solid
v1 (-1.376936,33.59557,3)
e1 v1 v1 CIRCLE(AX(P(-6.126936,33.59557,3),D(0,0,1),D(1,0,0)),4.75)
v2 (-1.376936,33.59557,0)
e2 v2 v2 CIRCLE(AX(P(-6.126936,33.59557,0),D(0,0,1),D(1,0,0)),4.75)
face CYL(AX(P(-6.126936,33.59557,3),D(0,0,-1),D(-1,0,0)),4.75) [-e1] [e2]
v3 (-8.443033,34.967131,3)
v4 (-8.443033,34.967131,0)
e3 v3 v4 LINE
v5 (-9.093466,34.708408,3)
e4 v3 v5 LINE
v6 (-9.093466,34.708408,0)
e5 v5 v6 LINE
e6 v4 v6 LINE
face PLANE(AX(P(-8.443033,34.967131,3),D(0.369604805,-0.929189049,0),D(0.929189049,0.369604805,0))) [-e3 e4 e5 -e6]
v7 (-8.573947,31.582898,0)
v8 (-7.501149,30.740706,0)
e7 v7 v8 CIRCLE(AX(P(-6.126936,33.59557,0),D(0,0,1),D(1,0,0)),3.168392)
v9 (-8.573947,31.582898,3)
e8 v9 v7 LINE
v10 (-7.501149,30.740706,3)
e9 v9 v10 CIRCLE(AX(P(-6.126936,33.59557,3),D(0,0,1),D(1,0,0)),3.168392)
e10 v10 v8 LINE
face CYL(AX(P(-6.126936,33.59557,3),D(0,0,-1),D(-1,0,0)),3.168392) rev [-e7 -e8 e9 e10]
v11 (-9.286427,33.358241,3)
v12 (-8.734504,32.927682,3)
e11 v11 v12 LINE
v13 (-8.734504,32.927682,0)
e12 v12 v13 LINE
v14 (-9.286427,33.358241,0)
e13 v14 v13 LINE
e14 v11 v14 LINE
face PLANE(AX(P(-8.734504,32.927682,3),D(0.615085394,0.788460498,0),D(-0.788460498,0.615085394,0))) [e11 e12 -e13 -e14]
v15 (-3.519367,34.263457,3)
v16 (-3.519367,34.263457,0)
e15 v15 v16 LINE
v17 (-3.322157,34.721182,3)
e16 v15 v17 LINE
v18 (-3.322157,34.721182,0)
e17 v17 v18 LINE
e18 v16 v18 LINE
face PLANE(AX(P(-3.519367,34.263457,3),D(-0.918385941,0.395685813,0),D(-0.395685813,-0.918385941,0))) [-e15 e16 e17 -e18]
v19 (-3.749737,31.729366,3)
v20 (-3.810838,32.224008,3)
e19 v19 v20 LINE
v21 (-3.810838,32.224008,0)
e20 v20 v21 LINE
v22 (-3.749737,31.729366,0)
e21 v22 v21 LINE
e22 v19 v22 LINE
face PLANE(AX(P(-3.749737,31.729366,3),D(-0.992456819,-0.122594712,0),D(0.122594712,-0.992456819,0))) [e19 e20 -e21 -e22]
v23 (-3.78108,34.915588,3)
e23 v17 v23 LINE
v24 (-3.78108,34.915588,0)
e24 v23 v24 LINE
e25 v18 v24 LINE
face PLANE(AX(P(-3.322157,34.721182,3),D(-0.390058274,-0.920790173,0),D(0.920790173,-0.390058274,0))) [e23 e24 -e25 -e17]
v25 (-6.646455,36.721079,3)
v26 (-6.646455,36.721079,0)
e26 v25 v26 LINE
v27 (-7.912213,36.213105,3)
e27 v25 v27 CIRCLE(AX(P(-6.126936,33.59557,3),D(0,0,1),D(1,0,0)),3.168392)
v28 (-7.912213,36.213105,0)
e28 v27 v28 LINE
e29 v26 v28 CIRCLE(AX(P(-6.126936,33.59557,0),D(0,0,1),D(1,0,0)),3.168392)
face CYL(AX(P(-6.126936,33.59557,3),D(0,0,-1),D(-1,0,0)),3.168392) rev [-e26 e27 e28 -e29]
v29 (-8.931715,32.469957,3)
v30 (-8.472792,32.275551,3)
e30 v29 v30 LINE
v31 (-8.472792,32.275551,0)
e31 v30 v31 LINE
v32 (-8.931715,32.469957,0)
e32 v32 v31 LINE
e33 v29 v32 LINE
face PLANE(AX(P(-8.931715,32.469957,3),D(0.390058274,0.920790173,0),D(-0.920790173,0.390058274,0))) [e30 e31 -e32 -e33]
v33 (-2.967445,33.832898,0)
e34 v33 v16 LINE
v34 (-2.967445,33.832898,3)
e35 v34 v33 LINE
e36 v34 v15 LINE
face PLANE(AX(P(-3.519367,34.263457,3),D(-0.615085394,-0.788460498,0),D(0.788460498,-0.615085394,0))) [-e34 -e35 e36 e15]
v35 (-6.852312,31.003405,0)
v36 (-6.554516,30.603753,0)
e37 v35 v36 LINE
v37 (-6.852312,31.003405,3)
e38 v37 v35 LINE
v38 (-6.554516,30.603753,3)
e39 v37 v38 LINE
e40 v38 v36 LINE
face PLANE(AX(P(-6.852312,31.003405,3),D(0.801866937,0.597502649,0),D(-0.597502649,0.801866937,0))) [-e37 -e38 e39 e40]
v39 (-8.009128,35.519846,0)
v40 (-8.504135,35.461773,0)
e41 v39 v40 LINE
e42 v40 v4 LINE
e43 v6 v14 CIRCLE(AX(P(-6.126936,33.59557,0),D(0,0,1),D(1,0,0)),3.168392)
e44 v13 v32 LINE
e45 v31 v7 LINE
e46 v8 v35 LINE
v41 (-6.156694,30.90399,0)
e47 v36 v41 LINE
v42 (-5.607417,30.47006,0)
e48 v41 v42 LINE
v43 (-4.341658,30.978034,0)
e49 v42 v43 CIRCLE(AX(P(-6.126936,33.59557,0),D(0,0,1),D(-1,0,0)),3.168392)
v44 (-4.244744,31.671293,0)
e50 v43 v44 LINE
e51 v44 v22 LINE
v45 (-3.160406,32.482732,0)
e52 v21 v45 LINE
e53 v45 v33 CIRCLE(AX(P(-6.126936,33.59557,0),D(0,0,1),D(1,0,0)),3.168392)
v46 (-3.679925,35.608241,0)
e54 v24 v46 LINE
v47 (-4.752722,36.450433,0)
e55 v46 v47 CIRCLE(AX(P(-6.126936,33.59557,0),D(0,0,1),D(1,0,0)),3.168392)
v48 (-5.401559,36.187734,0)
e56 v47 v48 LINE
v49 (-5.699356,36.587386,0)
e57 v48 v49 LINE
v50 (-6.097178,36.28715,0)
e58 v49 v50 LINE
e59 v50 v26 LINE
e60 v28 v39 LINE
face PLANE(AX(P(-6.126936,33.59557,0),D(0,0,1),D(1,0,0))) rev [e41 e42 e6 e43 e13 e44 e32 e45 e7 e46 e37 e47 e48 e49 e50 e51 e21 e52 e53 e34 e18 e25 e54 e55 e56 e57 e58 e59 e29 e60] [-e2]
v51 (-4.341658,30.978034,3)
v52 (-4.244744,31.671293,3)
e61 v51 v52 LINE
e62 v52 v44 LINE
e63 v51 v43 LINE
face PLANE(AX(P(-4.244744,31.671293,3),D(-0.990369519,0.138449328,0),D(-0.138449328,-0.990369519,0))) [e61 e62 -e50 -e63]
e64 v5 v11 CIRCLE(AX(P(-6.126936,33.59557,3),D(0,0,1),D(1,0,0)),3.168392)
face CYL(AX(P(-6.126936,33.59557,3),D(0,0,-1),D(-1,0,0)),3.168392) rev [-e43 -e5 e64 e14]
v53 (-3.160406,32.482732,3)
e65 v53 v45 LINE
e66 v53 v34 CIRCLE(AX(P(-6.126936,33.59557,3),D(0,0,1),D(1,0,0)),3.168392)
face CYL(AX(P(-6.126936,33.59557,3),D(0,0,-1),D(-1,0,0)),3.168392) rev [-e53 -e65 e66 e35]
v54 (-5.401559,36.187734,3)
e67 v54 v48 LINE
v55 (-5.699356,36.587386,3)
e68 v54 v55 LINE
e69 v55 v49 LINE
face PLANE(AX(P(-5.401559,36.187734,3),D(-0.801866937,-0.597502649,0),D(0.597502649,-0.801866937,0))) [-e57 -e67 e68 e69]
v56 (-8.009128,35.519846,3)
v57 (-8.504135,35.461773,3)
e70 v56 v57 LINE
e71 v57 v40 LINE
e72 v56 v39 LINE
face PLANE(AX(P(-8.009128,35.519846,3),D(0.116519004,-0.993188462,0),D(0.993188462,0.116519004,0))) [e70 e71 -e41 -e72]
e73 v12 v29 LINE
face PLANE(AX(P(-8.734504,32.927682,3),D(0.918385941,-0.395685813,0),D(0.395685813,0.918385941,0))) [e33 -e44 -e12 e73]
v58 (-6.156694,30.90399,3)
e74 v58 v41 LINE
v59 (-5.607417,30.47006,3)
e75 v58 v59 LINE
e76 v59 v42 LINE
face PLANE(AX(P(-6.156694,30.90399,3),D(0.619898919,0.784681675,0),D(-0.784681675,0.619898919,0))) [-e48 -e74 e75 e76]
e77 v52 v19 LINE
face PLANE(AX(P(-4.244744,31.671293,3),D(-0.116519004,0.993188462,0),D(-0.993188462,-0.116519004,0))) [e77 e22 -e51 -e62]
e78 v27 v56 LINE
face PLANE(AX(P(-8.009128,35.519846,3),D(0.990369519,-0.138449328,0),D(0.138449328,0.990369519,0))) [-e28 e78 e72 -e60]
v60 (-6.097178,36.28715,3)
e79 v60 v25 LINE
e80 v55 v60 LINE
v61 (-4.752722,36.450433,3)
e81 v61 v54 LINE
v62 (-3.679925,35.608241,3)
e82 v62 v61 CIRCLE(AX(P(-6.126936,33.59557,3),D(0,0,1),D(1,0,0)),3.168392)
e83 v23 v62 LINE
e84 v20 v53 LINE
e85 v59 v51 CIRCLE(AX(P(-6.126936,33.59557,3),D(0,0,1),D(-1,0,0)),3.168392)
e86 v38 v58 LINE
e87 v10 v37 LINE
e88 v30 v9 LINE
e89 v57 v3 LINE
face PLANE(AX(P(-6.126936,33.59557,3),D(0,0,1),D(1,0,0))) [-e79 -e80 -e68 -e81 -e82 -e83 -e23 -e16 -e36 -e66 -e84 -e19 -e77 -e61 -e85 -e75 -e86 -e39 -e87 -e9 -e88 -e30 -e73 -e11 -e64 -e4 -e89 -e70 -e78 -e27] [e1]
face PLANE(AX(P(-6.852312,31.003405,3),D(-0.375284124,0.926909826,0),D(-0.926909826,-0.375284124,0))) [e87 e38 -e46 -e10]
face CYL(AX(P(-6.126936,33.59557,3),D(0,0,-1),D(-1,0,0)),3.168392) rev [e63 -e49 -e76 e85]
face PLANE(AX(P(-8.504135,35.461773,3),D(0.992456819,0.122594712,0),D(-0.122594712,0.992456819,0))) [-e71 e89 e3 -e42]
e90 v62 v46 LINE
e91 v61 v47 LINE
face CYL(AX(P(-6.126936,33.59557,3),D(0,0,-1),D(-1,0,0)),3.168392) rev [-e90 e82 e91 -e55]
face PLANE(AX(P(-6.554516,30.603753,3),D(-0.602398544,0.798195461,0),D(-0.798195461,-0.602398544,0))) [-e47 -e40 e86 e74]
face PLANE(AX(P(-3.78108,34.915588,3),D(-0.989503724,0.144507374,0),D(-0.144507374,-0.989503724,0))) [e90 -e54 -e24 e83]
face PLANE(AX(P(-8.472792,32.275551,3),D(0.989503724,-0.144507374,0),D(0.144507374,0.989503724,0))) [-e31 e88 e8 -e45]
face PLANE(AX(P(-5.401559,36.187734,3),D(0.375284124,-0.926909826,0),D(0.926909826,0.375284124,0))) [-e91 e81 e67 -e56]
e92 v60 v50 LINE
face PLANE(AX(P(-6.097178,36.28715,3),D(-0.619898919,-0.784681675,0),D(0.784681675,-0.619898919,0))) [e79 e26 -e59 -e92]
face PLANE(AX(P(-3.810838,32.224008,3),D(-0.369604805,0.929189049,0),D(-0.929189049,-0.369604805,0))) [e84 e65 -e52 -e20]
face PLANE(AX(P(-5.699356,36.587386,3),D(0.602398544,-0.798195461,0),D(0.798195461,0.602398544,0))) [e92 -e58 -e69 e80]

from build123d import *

# Parameters (mm, degrees)
SKETCH5_R           = 4.75
BOSS_EXTRUDE1_DEPTH = 3


with BuildPart() as part:
    # Sketch5 → Boss-Extrude1 (new body)
    with BuildSketch(Plane.XY):
        with Locations((-6.126935789, 33.595569574)):
            Circle(SKETCH5_R)
        with BuildLine():
            Line((-6.156694041, 30.903989601), (-5.607416869, 30.470060358))
            ThreePointArc((-5.607416869, 30.470060358), (-4.946880208, 30.65513141), (-4.341658129, 30.978034198))
            Line((-4.341658129, 30.978034198), (-4.244743599, 31.671292861))
            Line((-4.244743599, 31.671292861), (-3.749736881, 31.729366119))
            Line((-3.749736881, 31.729366119), (-3.810838281, 32.224008185))
            Line((-3.810838281, 32.224008185), (-3.160405947, 32.482731548))
            ThreePointArc((-3.160405947, 32.482731548), (-2.99041385, 33.147308603), (-2.967444827, 33.832897692))
            Line((-2.967444827, 33.832897692), (-3.519367176, 34.263457468))
            Line((-3.519367176, 34.263457468), (-3.322156734, 34.721182491))
            Line((-3.322156734, 34.721182491), (-3.781080029, 34.915588159))
            Line((-3.781080029, 34.915588159), (-3.679924867, 35.608240765))
            ThreePointArc((-3.679924867, 35.608240765), (-4.170469431, 36.087746767), (-4.752722487, 36.450433069))
            Line((-4.752722487, 36.450433069), (-5.401559365, 36.187734182))
            Line((-5.401559365, 36.187734182), (-5.699355642, 36.587385946))
            Line((-5.699355642, 36.587385946), (-6.097177536, 36.287149548))
            Line((-6.097177536, 36.287149548), (-6.646454709, 36.721078791))
            ThreePointArc((-6.646454709, 36.721078791), (-7.30699137, 36.536007739), (-7.912213449, 36.213104951))
            Line((-7.912213449, 36.213104951), (-8.009127978, 35.519846288))
            Line((-8.009127978, 35.519846288), (-8.504134696, 35.46177303))
            Line((-8.504134696, 35.46177303), (-8.443033296, 34.967130964))
            Line((-8.443033296, 34.967130964), (-9.09346563, 34.7084076))
            ThreePointArc((-9.09346563, 34.7084076), (-9.263457727, 34.043830546), (-9.28642675, 33.358241457))
            Line((-9.28642675, 33.358241457), (-8.734504401, 32.92768168))
            Line((-8.734504401, 32.92768168), (-8.931714844, 32.469956658))
            Line((-8.931714844, 32.469956658), (-8.472791548, 32.27555099))
            Line((-8.472791548, 32.27555099), (-8.57394671, 31.582898384))
            ThreePointArc((-8.57394671, 31.582898384), (-8.083402147, 31.103392381), (-7.50114909, 30.74070608))
            Line((-7.50114909, 30.74070608), (-6.852312212, 31.003404967))
            Line((-6.852312212, 31.003404967), (-6.554515936, 30.603753203))
            Line((-6.554515936, 30.603753203), (-6.156694041, 30.903989601))
        make_face(mode=Mode.SUBTRACT)
    extrude(amount=BOSS_EXTRUDE1_DEPTH)


solid = part.part
